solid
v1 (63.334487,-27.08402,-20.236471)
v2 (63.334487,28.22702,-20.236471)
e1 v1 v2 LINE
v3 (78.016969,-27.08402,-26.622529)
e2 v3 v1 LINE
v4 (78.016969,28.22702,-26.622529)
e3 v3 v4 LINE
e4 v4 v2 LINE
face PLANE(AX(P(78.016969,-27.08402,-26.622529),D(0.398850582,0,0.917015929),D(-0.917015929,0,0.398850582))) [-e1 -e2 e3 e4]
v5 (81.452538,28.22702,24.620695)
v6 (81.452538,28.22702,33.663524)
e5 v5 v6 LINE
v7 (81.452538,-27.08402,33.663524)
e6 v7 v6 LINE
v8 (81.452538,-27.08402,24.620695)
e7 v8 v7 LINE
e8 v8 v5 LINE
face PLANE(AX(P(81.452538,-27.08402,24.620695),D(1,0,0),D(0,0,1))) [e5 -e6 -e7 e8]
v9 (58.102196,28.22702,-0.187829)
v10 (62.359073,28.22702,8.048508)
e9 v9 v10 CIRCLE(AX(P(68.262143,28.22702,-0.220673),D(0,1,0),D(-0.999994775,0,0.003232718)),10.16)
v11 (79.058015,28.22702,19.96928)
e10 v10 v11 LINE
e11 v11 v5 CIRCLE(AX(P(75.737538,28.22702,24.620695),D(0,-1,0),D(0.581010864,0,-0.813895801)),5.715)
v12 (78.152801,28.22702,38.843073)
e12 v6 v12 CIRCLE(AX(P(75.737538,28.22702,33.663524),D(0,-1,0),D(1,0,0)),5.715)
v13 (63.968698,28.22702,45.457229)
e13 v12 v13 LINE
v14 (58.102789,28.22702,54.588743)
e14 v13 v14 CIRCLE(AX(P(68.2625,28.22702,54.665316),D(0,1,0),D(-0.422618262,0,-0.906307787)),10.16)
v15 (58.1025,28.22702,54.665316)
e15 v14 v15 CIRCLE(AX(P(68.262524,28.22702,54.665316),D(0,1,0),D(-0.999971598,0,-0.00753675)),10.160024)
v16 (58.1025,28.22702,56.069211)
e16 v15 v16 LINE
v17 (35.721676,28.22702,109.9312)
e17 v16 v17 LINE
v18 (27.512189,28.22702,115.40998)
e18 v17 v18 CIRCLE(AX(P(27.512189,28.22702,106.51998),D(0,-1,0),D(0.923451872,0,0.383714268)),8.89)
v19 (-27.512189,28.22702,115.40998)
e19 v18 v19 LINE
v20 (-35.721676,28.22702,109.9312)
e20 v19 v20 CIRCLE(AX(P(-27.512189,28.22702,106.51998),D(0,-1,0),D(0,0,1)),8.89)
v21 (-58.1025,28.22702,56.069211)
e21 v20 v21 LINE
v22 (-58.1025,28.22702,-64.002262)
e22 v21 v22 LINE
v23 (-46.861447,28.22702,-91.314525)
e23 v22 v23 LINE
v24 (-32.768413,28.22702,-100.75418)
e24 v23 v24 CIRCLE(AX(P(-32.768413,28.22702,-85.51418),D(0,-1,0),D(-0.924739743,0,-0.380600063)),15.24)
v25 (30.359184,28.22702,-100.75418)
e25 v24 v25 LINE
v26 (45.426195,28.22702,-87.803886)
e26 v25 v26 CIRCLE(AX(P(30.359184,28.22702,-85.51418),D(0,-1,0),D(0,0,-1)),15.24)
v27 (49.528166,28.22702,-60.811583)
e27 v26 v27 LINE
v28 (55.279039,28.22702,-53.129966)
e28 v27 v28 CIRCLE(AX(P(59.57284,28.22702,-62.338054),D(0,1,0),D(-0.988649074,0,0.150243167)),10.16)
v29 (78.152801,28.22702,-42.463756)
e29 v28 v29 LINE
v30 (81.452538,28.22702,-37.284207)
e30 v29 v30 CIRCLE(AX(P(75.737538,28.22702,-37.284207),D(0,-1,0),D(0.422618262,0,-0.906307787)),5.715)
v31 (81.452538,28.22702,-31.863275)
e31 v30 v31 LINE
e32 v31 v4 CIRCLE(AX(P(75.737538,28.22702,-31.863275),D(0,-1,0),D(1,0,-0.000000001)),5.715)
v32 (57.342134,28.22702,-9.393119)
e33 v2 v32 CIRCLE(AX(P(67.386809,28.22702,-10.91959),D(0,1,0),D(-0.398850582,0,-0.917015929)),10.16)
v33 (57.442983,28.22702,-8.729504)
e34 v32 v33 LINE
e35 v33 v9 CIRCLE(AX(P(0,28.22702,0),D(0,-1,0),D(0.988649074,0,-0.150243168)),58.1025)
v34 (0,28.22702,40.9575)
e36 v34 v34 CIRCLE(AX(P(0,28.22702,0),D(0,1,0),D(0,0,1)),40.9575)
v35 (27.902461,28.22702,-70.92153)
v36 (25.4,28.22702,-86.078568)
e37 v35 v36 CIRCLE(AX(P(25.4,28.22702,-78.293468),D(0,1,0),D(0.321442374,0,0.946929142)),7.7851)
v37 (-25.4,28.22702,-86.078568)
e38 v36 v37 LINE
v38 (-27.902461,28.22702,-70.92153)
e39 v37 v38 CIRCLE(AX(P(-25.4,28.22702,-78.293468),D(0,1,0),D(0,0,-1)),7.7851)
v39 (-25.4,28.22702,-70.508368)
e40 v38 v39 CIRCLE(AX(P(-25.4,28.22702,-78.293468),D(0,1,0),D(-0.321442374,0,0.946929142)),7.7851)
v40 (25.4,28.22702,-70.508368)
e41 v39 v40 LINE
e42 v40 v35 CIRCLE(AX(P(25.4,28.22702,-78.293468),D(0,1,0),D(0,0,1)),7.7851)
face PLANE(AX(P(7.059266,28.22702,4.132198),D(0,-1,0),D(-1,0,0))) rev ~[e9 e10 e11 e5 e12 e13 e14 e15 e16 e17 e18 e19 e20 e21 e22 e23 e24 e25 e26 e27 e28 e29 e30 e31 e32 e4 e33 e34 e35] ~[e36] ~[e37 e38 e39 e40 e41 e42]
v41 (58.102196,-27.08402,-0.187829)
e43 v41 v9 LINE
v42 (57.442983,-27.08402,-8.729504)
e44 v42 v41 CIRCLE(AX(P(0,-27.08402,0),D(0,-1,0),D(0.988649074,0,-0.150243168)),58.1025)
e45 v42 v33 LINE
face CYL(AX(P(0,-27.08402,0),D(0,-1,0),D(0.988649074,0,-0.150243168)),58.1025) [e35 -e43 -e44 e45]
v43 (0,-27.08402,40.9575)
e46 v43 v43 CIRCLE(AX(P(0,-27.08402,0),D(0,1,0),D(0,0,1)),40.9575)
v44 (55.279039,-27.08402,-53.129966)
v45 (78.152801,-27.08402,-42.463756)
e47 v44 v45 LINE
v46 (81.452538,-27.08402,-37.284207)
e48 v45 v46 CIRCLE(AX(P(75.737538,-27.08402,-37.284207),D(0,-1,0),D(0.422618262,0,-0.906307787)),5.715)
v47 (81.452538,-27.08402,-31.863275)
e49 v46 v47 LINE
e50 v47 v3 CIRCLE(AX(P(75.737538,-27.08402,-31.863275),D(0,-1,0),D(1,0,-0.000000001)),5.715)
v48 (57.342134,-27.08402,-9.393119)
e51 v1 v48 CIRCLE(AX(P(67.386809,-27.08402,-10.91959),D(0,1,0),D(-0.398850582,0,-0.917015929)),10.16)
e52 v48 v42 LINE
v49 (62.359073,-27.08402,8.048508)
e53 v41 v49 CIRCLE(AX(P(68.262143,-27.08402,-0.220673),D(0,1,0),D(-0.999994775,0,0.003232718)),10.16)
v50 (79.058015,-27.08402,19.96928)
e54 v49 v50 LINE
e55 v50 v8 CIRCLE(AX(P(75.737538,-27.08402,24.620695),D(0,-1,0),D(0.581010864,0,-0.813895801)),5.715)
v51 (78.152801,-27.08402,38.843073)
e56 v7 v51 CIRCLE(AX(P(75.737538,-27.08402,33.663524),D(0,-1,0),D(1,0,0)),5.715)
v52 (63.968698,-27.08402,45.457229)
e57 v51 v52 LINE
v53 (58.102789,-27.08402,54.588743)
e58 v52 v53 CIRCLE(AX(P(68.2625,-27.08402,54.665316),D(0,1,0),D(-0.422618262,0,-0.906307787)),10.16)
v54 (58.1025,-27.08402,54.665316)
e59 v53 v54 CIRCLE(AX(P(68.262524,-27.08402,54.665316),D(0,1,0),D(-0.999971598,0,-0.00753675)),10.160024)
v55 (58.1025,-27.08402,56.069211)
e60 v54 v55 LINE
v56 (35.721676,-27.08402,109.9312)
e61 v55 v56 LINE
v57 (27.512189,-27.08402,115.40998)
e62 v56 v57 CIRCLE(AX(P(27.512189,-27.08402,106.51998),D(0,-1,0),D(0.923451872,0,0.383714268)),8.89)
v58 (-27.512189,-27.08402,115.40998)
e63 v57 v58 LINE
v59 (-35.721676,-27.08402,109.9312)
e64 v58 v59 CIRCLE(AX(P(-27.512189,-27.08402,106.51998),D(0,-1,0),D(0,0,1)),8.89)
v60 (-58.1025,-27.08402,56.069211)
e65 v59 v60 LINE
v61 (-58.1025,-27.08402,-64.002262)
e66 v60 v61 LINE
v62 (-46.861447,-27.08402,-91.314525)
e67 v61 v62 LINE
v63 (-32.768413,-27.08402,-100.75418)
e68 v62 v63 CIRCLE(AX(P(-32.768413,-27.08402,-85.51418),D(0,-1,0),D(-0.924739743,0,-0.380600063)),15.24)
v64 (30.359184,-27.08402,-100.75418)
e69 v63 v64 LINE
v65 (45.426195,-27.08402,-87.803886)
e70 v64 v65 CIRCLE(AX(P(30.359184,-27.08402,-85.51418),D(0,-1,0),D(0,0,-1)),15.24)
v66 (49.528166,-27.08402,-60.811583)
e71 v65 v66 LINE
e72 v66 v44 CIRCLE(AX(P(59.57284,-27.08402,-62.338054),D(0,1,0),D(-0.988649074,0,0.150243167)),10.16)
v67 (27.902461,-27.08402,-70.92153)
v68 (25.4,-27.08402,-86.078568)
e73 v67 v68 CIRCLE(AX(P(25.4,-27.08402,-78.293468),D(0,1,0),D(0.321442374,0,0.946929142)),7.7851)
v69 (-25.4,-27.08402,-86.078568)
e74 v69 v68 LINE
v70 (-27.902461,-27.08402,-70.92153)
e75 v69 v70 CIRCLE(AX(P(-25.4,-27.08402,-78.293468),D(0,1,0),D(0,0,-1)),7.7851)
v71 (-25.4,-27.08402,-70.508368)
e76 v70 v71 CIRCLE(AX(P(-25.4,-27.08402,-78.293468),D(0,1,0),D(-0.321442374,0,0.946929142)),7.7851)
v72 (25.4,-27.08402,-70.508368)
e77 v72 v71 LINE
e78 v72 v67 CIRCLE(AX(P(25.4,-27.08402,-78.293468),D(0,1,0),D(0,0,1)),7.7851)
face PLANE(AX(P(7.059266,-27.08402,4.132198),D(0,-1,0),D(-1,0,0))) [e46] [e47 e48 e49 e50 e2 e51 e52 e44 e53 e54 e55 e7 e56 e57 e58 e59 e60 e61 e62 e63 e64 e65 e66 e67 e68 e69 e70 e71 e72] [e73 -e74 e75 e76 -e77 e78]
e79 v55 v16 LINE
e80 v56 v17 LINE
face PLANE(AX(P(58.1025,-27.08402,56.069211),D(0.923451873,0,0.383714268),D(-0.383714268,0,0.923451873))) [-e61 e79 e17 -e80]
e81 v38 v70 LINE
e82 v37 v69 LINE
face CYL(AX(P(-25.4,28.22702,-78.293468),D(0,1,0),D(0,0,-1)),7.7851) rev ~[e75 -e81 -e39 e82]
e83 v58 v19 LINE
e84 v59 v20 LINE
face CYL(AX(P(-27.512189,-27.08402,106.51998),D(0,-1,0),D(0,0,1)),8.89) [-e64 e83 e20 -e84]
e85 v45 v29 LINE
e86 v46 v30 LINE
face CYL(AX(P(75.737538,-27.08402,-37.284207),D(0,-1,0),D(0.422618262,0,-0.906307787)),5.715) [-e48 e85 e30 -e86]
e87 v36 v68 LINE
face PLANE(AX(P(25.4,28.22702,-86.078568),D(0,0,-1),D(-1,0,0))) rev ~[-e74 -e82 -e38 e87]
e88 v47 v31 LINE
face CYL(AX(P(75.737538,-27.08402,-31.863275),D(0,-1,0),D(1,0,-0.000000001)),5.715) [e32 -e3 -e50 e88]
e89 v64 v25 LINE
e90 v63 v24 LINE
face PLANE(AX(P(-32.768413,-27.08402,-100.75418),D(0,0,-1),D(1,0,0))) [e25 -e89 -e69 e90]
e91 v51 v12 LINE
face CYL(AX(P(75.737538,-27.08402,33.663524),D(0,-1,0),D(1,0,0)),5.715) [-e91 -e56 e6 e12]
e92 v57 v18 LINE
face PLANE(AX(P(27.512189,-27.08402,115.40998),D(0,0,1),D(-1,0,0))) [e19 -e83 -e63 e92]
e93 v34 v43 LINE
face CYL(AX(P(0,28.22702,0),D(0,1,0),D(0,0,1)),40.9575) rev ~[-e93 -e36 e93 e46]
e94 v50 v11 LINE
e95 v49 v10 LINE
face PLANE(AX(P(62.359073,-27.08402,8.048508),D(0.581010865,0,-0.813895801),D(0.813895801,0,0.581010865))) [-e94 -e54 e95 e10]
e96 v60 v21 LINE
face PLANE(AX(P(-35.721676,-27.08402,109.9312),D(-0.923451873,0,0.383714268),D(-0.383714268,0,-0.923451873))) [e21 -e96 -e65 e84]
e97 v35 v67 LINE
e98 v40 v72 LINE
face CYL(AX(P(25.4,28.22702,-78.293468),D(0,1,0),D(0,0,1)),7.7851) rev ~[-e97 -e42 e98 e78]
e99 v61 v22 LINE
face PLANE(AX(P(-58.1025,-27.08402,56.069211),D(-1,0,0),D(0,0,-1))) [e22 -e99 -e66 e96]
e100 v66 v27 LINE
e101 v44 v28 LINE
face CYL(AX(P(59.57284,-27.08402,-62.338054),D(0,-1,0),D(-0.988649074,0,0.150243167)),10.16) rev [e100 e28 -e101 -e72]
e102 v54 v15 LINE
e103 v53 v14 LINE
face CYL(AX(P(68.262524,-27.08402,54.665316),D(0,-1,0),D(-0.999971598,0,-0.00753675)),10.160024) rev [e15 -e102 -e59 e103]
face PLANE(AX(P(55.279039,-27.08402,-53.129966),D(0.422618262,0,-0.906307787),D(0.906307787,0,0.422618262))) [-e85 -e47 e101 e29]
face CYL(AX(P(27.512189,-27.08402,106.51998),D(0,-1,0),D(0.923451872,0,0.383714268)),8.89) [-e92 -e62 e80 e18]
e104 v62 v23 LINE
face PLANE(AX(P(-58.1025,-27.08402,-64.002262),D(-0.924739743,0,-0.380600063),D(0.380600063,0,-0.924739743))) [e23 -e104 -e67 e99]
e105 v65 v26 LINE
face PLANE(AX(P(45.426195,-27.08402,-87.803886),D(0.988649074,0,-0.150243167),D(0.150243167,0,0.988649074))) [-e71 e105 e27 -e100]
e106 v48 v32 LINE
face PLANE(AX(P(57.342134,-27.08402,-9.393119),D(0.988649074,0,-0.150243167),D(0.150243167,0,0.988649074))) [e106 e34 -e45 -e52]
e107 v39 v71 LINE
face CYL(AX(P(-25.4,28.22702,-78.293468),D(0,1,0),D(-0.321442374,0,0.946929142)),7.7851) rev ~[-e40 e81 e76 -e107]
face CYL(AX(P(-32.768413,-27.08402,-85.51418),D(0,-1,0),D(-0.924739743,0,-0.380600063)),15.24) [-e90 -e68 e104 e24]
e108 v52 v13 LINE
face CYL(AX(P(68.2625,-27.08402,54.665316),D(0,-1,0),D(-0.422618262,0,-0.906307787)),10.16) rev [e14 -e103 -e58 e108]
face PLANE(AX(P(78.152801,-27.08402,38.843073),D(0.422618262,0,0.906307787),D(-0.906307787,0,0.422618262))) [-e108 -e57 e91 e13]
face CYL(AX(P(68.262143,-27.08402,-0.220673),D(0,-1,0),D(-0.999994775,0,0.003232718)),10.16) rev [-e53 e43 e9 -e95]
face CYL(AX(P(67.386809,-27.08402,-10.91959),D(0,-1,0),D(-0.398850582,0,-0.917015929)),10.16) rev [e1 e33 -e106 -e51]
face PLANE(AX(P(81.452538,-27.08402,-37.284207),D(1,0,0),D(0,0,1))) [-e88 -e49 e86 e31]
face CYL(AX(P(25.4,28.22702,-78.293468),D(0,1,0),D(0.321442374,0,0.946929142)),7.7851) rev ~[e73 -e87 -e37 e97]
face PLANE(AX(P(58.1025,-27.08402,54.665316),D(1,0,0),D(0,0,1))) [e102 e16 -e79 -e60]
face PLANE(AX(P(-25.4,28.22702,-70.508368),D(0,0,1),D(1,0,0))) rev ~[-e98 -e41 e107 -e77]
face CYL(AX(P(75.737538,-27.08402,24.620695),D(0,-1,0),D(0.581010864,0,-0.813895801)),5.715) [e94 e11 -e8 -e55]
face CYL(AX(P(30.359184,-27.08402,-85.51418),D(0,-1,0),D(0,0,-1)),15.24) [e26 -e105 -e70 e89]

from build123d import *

# Parameters (mm, degrees)
BOSS_EXTRUDE1_DEPTH      = 28.22702
BOSS_EXTRUDE1_DEPTH_BACK = 27.08402
SKETCH2_R                = 40.9575
CUT_EXTRUDE1_DEPTH       = 152.701320166
CUT_EXTRUDE2_DEPTH       = 152.701320166


with BuildPart() as part:
    # Sketch1 → Boss-Extrude1 (new, two sides: drawn at the far end of the back side and taken through both)
    with BuildSketch(Plane(origin=(0, 0, 0), x_dir=(1, 0, 0), z_dir=(0, 1, 0)).offset(-BOSS_EXTRUDE1_DEPTH_BACK)):
        with BuildLine():
            Line((-35.721676258, -109.931199839), (-58.1025, -56.069211009))
            Line((-58.1025, -56.069211009), (-58.1025, -54.569599156))
            Line((-58.1025, -54.569599156), (-58.1025, 64.002262273))
            Line((-58.1025, 64.002262273), (-46.861446545, 91.314524953))
            ThreePointArc((-46.861446545, 91.314524953), (-41.24957855, 98.176226775), (-32.76841286, 100.75418))
            Line((-32.76841286, 100.75418), (30.359183597, 100.75418))
            ThreePointArc((30.359183597, 100.75418), (40.293026824, 97.071703902), (45.426195478, 87.803885872))
            Line((45.426195478, 87.803885872), (49.528165732, 60.811582924))
            ThreePointArc((49.528165732, 60.811582924), (51.439588659, 56.249062009), (55.27903878, 53.129966389))
            Line((55.27903878, 53.129966389), (78.152801145, 42.463755827))
            ThreePointArc((78.152801145, 42.463755827), (80.557519892, 40.354874086), (81.452537779, 37.284206824))
            Line((81.452537779, 37.284206824), (81.452537779, 31.863274858))
            ThreePointArc((81.452537779, 31.863274858), (80.517086587, 28.730043586), (78.016968856, 26.622528826))
            Line((78.016968856, 26.622528826), (63.334487079, 20.236471377))
            ThreePointArc((63.334487079, 20.236471377), (58.494345864, 15.83382392), (57.342134405, 9.393118961))
            Line((57.342134405, 9.393118961), (57.442982796, 8.729503635))
            ThreePointArc((57.442982796, 8.729503635), (57.930235286, 4.470832805), (58.1021964, 0.187828999))
            ThreePointArc((58.1021964, 0.187828999), (59.236377824, -4.444212154), (62.359072928, -8.048507927))
            Line((62.359072928, -8.048507927), (79.05801487, -19.969280438))
            ThreePointArc((79.05801487, -19.969280438), (80.818765563, -22.004906493), (81.452537779, -24.620694942))
            Line((81.452537779, -24.620694942), (81.452537779, -33.663524119))
            ThreePointArc((81.452537779, -33.663524119), (80.557519892, -36.73419138), (78.152801145, -38.843073121))
            Line((78.152801145, -38.843073121), (63.968698461, -45.457228827))
            ThreePointArc((63.968698461, -45.457228827), (59.714275337, -49.174099767), (58.102788562, -54.588742513))
            ThreePointArc((58.102788562, -54.588742513), (58.102572141, -54.627028957), (58.1025, -54.665315944))
            Line((58.1025, -54.665315944), (58.1025, -56.069211009))
            Line((58.1025, -56.069211009), (35.721676258, -109.931199839))
            ThreePointArc((35.721676258, -109.931199839), (32.447083012, -113.91449974), (27.512189111, -115.40998))
            Line((27.512189111, -115.40998), (-27.512189111, -115.40998))
            ThreePointArc((-27.512189111, -115.40998), (-32.447083012, -113.91449974), (-35.721676258, -109.931199839))
        make_face()
    extrude(amount=BOSS_EXTRUDE1_DEPTH + BOSS_EXTRUDE1_DEPTH_BACK)

    # Sketch2 → Cut-Extrude1 (cut, through all)
    with BuildSketch(Plane(origin=(0, 28.22702, 0), x_dir=(1, 0, 0), z_dir=(0, 1, 0))):
        with Locations(Location((0, 0, 0), (0, 0, 270))):
            Circle(SKETCH2_R)
    extrude(amount=-CUT_EXTRUDE1_DEPTH, mode=Mode.SUBTRACT)

    # Sketch3 → Cut-Extrude2 (cut, through all)
    with BuildSketch(Plane(origin=(0, 28.22702, 0), x_dir=(1, 0, 0), z_dir=(0, 1, 0))):
        with BuildLine():
            Line((25.4, 86.078568), (-25.4, 86.078568))
            ThreePointArc((-25.4, 86.078568), (-33.081115057, 79.561637348), (-27.902461028, 70.921529936))
            ThreePointArc((-27.902461028, 70.921529936), (-26.668169348, 70.612352943), (-25.4, 70.508368))
            Line((-25.4, 70.508368), (25.4, 70.508368))
            ThreePointArc((25.4, 70.508368), (26.668169348, 70.612352943), (27.902461028, 70.921529936))
            ThreePointArc((27.902461028, 70.921529936), (33.081115057, 79.561637348), (25.4, 86.078568))
        make_face()
    extrude(amount=-CUT_EXTRUDE2_DEPTH, mode=Mode.SUBTRACT)


solid = part.part
